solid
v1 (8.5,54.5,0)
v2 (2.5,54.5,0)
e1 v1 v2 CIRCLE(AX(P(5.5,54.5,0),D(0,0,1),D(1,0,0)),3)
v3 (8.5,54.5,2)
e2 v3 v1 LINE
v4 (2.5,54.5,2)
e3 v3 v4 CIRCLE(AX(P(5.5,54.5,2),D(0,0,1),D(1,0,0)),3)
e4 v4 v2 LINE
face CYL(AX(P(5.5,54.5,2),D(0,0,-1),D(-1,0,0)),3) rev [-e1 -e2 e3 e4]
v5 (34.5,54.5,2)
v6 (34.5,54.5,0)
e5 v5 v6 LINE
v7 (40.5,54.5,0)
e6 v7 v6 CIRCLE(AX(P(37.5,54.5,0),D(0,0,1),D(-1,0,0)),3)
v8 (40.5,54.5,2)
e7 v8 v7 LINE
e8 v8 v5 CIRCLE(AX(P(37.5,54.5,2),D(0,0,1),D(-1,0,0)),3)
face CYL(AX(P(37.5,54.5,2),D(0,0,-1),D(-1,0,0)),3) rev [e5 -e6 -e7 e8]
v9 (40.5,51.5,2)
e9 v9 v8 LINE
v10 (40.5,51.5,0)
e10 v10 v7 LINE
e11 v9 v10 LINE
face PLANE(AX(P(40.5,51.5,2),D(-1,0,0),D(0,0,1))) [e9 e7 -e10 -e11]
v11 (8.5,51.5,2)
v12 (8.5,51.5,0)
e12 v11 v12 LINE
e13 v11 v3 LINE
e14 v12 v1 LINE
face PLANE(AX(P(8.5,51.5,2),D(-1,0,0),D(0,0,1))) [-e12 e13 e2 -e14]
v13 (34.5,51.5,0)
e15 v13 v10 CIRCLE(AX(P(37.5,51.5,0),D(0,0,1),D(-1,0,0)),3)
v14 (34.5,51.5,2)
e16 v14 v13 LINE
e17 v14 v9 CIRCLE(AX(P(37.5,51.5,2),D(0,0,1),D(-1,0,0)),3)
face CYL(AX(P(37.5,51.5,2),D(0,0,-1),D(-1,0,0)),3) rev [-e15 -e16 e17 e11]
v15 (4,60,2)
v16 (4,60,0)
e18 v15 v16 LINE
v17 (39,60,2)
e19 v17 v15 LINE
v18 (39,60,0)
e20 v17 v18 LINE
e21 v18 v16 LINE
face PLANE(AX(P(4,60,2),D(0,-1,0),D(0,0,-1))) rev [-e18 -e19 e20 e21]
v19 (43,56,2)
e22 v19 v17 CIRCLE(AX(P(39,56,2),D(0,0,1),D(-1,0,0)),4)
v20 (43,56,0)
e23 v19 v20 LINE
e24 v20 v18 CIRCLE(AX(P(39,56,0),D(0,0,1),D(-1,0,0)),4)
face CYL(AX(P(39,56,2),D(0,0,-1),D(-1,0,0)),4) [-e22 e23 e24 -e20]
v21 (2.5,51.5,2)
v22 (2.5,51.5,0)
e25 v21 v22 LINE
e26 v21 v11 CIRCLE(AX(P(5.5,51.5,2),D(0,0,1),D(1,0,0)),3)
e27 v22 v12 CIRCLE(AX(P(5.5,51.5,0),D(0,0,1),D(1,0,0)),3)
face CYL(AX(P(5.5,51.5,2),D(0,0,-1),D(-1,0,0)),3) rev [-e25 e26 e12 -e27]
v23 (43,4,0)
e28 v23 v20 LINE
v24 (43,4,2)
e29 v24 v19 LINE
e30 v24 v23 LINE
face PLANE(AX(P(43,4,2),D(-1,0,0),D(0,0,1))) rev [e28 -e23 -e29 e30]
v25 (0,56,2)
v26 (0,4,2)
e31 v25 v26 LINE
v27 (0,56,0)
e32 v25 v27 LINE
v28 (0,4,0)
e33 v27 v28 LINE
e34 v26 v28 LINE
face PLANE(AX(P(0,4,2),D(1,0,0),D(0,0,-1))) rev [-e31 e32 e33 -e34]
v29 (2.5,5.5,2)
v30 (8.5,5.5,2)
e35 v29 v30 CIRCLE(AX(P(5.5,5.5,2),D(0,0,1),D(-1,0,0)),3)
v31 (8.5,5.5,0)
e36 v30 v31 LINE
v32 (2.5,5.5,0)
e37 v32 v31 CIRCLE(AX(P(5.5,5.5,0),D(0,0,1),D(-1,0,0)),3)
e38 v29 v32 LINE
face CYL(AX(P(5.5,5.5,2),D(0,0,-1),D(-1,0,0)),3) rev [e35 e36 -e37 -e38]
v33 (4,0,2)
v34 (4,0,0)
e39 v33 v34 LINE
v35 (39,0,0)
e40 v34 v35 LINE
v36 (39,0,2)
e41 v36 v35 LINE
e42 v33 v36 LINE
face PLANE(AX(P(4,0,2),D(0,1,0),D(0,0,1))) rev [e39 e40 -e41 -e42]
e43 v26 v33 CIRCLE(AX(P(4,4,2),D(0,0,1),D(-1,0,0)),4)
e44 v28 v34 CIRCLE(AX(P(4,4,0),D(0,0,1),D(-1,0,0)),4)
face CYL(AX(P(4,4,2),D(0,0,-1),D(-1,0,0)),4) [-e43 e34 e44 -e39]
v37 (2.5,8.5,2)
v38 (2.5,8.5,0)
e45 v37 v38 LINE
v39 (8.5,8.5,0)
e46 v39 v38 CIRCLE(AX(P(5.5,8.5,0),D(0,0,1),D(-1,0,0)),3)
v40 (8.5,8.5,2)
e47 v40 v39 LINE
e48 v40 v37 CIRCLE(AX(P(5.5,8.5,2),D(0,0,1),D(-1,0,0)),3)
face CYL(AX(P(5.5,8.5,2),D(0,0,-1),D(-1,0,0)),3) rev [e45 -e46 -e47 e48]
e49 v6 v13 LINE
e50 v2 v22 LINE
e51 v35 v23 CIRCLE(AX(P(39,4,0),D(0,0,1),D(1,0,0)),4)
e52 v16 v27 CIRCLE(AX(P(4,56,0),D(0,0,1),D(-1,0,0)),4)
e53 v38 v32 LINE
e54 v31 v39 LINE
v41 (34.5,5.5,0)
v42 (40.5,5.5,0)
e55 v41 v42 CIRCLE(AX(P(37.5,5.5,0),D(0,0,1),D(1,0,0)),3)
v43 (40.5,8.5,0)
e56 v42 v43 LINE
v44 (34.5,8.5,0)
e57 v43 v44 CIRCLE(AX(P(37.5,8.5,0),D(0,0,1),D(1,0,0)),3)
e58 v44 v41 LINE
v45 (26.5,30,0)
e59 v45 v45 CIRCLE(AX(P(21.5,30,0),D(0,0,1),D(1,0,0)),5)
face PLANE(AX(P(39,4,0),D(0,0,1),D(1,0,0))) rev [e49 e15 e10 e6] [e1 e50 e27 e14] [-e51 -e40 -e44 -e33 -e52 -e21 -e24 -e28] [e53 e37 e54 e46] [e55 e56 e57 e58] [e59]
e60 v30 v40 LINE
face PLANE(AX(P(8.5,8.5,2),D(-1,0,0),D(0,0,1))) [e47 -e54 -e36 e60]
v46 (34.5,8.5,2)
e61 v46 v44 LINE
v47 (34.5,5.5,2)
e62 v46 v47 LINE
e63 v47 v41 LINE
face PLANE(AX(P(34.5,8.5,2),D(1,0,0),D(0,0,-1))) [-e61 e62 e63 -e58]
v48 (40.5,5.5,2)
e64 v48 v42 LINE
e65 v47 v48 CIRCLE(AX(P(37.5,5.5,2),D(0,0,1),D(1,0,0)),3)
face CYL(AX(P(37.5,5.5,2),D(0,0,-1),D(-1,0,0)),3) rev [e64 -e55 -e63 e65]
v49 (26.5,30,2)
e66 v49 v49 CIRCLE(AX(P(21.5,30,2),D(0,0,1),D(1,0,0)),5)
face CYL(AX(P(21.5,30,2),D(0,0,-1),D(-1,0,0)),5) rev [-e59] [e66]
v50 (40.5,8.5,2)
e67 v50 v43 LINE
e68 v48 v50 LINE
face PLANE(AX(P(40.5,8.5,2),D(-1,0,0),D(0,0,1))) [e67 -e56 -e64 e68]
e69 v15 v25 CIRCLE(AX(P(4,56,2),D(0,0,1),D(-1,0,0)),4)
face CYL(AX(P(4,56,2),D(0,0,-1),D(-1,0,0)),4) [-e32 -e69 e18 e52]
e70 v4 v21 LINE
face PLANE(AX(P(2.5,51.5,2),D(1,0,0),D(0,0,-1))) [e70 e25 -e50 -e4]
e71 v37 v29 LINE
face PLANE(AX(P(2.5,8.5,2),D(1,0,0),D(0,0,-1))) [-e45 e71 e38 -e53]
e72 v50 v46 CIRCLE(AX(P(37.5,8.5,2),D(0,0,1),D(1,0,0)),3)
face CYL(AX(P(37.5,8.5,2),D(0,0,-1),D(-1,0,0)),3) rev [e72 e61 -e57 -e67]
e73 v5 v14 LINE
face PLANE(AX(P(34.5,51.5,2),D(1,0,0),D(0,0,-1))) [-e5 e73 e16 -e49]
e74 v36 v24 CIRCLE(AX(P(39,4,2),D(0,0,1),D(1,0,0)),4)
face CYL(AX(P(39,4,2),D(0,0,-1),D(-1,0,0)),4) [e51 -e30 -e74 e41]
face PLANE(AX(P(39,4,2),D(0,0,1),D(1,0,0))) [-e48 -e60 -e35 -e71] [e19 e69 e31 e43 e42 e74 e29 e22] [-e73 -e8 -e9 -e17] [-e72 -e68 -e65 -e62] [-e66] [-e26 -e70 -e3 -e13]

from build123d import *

# Parameters (mm, degrees)
SKETCH1_R           = 5
BOSS_EXTRUDE1_DEPTH = 2


with BuildPart() as part:
    # Sketch1 → Boss-Extrude1 (new body)
    with BuildSketch(Plane.XY):
        with BuildLine():
            Line((4, 0), (39, 0))
            ThreePointArc((39, 0), (41.828427125, 1.171572875), (43, 4))
            Line((43, 4), (43, 56))
            ThreePointArc((43, 56), (41.828427125, 58.828427125), (39, 60))
            Line((39, 60), (4, 60))
            ThreePointArc((4, 60), (1.171572875, 58.828427125), (0, 56))
            Line((0, 56), (0, 4))
            ThreePointArc((0, 4), (1.171572875, 1.171572875), (4, 0))
        make_face()
        with Locations((21.5, 30)):
            Circle(SKETCH1_R, mode=Mode.SUBTRACT)
        with BuildLine():
            Line((40.5, 8.5), (40.5, 5.5))
            ThreePointArc((40.5, 5.5), (37.5, 2.5), (34.5, 5.5))
            Line((34.5, 5.5), (34.5, 8.5))
            ThreePointArc((34.5, 8.5), (37.5, 11.5), (40.5, 8.5))
        make_face(mode=Mode.SUBTRACT)
        with BuildLine():
            Line((40.5, 51.5), (40.5, 54.5))
            ThreePointArc((40.5, 54.5), (37.5, 57.5), (34.5, 54.5))
            Line((34.5, 54.5), (34.5, 51.5))
            ThreePointArc((34.5, 51.5), (37.5, 48.5), (40.5, 51.5))
        make_face(mode=Mode.SUBTRACT)
        with BuildLine():
            Line((2.5, 8.5), (2.5, 5.5))
            ThreePointArc((2.5, 5.5), (5.5, 2.5), (8.5, 5.5))
            Line((8.5, 5.5), (8.5, 8.5))
            ThreePointArc((8.5, 8.5), (5.5, 11.5), (2.5, 8.5))
        make_face(mode=Mode.SUBTRACT)
        with BuildLine():
            Line((2.5, 51.5), (2.5, 54.5))
            ThreePointArc((2.5, 54.5), (5.5, 57.5), (8.5, 54.5))
            Line((8.5, 54.5), (8.5, 51.5))
            ThreePointArc((8.5, 51.5), (5.5, 48.5), (2.5, 51.5))
        make_face(mode=Mode.SUBTRACT)
    extrude(amount=BOSS_EXTRUDE1_DEPTH)


solid = part.part
